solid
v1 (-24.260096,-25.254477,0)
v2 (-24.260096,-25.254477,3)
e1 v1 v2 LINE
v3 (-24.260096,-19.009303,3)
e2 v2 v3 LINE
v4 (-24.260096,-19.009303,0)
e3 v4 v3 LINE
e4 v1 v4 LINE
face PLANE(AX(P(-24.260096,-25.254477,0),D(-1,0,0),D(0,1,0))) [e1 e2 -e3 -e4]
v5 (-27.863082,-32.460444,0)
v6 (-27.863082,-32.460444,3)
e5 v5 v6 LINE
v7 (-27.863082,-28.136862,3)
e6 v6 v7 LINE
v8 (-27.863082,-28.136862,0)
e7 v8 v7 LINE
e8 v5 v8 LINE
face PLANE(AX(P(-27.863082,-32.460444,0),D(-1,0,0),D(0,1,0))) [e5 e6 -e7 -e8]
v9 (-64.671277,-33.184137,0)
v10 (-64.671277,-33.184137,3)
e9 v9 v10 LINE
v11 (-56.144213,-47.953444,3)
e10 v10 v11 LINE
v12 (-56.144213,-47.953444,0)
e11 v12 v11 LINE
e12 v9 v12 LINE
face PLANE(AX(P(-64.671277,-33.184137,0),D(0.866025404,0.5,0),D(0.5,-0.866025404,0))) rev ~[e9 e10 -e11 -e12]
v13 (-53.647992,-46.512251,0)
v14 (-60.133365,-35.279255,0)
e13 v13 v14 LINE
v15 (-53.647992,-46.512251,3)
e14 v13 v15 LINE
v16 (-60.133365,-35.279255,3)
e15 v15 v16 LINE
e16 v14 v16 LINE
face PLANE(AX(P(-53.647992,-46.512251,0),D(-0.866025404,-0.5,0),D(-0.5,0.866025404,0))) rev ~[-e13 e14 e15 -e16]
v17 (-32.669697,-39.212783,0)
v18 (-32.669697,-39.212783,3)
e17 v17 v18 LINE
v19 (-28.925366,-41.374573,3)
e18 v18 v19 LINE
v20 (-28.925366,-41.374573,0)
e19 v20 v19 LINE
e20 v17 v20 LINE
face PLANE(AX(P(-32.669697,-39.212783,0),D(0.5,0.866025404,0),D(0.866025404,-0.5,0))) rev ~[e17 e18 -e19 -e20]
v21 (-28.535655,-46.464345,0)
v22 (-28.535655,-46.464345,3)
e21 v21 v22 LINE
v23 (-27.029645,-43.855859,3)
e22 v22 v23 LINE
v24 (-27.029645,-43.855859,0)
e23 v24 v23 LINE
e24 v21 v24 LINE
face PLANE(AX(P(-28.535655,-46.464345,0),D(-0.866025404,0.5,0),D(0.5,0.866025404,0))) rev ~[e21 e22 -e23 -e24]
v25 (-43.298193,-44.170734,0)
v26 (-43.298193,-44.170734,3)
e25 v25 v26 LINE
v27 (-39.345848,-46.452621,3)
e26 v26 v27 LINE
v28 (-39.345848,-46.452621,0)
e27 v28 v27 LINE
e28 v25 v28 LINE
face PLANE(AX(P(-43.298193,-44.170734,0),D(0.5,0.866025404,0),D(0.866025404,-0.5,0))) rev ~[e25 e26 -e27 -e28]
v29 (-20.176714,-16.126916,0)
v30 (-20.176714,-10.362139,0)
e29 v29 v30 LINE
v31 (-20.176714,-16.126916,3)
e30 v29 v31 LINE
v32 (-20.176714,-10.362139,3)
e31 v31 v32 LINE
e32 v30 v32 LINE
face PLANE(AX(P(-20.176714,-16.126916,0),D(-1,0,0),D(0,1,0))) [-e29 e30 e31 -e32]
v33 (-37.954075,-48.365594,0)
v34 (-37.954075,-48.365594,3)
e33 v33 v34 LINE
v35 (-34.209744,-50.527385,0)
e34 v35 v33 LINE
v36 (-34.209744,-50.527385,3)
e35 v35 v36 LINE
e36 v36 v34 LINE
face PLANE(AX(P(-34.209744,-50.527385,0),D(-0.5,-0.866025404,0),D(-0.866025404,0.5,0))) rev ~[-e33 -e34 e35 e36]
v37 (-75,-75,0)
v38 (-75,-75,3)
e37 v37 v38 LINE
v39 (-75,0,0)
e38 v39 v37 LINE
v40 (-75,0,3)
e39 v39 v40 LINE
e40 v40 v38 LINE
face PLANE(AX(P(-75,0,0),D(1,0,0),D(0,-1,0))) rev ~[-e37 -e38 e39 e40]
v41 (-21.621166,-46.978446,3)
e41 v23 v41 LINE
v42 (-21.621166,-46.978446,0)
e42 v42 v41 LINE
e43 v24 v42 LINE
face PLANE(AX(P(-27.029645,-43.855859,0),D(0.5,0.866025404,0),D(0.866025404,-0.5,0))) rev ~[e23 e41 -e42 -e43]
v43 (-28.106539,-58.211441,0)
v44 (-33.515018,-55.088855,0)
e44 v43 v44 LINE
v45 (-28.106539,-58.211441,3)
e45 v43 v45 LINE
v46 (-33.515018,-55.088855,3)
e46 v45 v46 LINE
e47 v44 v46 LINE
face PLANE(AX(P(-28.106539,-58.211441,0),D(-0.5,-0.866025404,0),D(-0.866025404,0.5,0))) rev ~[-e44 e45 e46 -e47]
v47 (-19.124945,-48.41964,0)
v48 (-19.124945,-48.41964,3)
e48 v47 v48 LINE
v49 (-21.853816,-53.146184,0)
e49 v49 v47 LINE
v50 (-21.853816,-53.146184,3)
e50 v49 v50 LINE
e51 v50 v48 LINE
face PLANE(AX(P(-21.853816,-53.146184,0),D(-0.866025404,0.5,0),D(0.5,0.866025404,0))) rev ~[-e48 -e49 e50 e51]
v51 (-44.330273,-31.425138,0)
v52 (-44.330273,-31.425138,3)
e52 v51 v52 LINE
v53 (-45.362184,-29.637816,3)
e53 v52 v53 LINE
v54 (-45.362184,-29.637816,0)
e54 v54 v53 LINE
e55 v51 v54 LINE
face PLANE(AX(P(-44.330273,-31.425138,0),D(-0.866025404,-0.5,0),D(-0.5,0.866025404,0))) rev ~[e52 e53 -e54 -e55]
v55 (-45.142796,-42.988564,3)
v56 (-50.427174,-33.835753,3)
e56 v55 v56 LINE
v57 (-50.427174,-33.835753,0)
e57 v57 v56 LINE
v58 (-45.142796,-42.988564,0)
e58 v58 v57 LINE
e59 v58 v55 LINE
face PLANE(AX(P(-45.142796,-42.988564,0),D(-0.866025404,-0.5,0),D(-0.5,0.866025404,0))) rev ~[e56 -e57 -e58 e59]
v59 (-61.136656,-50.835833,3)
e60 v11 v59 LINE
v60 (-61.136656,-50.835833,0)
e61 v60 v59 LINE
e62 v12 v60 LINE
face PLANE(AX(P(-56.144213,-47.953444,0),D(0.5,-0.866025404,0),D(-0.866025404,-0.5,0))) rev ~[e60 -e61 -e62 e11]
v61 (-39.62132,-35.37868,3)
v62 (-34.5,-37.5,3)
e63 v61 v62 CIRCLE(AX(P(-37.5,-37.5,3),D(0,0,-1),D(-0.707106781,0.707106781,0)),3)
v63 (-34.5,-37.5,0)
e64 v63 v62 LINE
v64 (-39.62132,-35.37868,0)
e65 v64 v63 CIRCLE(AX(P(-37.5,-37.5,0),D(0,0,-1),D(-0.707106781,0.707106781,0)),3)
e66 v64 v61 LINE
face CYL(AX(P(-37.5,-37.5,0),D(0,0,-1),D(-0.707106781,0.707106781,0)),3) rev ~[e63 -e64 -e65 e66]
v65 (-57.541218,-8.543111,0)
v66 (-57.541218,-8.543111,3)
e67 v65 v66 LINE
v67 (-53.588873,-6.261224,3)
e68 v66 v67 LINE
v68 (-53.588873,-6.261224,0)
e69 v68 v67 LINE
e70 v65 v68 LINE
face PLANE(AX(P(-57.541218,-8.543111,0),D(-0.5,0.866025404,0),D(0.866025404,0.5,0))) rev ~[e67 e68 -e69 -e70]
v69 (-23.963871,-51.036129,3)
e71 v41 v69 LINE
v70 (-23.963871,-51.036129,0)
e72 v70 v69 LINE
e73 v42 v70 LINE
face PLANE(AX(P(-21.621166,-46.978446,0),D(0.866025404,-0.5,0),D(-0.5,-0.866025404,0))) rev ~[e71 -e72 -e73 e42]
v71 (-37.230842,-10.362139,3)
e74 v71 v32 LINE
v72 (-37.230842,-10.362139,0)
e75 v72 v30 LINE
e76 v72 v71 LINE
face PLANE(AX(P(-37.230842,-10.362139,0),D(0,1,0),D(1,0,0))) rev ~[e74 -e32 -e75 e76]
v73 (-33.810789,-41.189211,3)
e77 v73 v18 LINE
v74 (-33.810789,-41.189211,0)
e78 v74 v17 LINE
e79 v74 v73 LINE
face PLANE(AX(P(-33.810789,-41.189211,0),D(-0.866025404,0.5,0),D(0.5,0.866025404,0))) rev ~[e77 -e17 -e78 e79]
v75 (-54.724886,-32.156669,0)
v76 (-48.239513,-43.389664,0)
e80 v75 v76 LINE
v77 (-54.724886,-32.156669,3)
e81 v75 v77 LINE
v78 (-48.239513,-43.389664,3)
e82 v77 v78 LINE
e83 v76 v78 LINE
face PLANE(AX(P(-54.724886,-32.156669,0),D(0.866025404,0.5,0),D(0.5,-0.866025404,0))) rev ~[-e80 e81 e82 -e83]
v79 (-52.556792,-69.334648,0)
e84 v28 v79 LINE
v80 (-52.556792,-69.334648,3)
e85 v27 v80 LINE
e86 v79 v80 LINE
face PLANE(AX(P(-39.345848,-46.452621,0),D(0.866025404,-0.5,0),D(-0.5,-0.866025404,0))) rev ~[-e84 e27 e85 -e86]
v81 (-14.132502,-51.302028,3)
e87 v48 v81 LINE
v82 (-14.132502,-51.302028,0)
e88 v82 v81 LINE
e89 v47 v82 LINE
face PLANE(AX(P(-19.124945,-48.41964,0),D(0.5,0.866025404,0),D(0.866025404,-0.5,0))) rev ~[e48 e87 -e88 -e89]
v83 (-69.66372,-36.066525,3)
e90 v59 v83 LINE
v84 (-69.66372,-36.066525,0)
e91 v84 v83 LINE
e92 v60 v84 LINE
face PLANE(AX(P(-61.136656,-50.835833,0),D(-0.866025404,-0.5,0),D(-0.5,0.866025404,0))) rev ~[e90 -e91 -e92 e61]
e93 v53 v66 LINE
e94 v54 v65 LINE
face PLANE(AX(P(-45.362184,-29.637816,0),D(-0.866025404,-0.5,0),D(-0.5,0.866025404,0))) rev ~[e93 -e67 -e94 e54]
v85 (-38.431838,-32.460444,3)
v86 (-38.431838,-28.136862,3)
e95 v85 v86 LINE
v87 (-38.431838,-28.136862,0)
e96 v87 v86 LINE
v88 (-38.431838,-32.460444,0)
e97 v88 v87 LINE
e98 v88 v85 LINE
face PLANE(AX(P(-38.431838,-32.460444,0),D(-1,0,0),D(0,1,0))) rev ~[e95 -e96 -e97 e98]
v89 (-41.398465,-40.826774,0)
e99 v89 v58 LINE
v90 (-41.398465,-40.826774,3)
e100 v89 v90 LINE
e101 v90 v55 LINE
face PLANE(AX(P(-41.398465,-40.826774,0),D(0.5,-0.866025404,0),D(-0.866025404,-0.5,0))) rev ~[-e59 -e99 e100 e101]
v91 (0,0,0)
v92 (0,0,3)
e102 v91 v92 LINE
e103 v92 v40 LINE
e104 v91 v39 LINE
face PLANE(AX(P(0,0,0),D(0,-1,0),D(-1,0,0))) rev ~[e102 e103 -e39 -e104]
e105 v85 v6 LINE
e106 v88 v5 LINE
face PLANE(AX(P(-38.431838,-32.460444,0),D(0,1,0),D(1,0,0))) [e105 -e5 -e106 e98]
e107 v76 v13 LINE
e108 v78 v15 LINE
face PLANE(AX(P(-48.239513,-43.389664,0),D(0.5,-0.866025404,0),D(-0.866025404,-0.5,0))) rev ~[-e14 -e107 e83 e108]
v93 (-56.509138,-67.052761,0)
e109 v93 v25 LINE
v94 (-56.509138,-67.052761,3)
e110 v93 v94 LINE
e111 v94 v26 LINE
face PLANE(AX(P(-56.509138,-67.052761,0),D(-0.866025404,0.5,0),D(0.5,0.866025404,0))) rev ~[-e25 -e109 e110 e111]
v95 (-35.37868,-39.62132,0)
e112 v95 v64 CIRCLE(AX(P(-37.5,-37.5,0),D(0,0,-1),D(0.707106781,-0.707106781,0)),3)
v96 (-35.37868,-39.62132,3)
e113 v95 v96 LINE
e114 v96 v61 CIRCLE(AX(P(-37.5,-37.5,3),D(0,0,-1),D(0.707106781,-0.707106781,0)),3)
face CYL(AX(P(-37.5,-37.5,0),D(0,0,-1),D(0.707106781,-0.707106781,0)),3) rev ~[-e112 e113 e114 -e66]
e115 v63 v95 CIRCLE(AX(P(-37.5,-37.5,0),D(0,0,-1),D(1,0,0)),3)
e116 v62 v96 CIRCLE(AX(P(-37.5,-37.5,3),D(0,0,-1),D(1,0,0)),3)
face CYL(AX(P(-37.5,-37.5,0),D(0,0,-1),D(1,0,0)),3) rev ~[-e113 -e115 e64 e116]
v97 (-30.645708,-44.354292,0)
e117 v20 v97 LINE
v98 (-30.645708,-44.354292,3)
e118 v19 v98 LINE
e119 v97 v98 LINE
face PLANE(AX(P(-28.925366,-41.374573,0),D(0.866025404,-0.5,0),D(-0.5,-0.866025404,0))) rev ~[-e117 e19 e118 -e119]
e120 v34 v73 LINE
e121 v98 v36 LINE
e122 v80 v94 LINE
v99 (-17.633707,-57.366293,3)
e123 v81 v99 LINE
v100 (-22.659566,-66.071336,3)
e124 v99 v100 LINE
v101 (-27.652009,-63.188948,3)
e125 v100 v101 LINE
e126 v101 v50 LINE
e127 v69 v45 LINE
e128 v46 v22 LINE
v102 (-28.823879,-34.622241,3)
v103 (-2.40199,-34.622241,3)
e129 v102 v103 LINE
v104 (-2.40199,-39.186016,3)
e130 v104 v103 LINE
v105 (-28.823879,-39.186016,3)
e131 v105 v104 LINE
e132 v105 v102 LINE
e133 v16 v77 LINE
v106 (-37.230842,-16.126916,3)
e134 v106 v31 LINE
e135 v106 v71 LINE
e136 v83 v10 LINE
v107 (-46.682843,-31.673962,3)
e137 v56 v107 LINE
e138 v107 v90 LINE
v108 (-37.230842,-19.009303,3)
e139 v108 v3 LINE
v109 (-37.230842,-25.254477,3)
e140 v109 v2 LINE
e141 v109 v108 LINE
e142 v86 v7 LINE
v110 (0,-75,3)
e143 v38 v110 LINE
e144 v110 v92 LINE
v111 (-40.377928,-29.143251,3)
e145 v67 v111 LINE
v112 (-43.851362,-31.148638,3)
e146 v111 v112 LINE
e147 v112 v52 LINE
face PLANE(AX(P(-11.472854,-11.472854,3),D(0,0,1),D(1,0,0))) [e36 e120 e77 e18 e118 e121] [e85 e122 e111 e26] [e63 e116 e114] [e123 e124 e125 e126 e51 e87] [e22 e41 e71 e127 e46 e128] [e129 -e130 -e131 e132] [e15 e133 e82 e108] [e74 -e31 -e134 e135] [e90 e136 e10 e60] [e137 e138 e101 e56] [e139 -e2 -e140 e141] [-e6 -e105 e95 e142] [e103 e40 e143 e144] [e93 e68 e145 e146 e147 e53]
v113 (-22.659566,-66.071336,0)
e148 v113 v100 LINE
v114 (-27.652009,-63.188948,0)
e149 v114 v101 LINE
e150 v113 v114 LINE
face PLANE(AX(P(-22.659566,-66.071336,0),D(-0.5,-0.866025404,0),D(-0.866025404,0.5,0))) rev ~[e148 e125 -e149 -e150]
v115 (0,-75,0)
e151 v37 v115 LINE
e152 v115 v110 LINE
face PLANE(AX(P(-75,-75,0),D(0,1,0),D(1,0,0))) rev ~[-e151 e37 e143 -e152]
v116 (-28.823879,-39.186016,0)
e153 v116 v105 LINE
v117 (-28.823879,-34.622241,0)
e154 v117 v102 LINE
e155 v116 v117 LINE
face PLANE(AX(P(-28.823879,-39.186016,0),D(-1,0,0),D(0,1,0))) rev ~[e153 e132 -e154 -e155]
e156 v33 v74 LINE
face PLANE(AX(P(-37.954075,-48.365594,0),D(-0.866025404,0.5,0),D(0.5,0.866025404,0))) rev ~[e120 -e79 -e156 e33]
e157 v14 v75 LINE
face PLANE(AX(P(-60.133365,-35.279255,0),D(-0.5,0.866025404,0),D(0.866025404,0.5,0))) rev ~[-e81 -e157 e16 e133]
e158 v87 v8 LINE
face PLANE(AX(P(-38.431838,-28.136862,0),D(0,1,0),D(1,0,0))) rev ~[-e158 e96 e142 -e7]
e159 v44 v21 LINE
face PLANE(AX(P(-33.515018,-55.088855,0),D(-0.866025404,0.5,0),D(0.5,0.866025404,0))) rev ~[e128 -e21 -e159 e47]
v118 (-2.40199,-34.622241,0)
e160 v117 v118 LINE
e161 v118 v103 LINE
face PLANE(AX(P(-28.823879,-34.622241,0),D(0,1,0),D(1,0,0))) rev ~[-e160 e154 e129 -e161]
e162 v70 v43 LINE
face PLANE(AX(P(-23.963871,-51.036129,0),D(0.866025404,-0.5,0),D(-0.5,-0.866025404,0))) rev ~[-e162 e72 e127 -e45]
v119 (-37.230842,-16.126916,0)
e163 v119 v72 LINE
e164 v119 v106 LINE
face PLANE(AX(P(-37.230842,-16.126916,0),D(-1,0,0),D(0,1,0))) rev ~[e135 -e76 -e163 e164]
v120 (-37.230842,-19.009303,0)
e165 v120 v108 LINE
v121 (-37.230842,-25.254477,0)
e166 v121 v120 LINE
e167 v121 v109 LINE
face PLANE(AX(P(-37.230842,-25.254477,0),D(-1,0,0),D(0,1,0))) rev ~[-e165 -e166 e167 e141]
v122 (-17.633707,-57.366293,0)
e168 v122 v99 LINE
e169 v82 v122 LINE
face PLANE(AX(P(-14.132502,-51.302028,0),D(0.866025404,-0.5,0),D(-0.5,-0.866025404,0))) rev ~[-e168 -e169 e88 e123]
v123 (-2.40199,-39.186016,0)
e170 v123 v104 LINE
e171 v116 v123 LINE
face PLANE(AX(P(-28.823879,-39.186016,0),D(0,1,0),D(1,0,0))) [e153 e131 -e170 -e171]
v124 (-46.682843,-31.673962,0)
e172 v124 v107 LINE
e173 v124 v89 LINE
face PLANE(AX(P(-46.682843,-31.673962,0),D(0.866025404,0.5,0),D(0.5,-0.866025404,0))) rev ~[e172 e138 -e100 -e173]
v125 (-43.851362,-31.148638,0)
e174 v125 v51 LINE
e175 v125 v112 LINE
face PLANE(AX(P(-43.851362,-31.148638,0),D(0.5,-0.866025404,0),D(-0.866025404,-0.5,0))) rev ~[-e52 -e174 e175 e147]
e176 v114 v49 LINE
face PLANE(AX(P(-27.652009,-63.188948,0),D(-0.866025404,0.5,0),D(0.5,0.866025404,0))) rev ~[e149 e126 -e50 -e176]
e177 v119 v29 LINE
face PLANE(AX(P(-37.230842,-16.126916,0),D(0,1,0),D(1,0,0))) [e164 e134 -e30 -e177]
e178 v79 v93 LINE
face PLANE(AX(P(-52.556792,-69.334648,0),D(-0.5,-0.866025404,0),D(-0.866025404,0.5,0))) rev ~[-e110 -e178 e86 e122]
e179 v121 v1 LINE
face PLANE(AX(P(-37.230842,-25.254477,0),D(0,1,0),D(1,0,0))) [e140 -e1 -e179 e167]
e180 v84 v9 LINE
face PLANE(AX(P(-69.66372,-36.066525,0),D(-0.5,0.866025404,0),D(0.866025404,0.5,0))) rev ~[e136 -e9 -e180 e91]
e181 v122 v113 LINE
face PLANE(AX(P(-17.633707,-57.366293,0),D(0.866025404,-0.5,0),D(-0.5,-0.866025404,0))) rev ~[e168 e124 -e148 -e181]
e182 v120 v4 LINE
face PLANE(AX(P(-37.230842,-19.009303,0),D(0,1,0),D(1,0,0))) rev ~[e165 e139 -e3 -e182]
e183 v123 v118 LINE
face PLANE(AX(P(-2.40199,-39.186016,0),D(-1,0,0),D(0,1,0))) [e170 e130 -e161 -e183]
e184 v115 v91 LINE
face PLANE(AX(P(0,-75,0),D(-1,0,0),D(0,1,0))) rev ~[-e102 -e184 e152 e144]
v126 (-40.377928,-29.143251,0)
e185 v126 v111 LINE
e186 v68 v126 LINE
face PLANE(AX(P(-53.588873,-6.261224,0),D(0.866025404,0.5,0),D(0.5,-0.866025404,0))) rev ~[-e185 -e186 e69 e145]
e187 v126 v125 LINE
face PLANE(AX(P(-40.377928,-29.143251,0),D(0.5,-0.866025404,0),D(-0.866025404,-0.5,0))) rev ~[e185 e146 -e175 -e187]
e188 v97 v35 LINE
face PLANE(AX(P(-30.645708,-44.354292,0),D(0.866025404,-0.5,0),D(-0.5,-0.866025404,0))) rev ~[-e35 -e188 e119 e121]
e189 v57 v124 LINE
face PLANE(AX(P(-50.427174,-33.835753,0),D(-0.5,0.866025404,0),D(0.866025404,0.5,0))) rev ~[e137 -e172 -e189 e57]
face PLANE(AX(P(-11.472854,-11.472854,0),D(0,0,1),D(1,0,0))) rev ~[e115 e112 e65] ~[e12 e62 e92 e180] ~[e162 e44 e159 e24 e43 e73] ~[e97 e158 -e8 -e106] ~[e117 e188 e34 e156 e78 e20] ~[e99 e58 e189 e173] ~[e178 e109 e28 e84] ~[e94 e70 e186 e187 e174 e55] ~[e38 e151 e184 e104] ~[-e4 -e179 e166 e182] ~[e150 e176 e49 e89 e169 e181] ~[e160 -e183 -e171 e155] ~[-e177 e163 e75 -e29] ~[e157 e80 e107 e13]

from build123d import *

# Parameters (mm, degrees)
F1_W     = 10.5687566102
F1_H     = 4.3235812336
F1_W_2   = 12.9707455635
F1_H_2   = 6.2451735139
F1_W_3   = 26.4218887314
F1_H_3   = 4.5637749135
F1_W_4   = 17.0541275293
F1_H_4   = 5.7647768408
F2_DEPTH = 3


with BuildPart() as f2:
    # F1 (on face) → F2 (new body)
    with BuildSketch(Plane.XY):
        with BuildLine():
            Line((0, -37.5), (0, 0))
            Line((0, 0), (-37.5, 0))
            ThreePointArc((-37.5, 0), (-10.9834957055, -10.9834957055), (0, -37.5))
        make_face()
        with BuildLine():
            ThreePointArc((-64.0165042945, -10.9834957055), (-51.8506287137, -2.8545175308), (-37.5, 0))
            Line((-37.5, 0), (-75, 0))
            Line((-75, 0), (-64.0165042945, -10.9834957055))
        make_face()
        with BuildLine():
            ThreePointArc((0, -37.5), (-10.9834957055, -10.9834957055), (-37.5, 0))
            ThreePointArc((-37.5, 0), (-51.8506287137, -2.8545175308), (-64.0165042945, -10.9834957055))
            Line((-64.0165042945, -10.9834957055), (-45.3621843147, -29.6378156853))
            Line((-45.3621843147, -29.6378156853), (-57.5412176208, -8.5431112121))
            Line((-57.5412176208, -8.5431112121), (-53.5888726085, -6.2612237553))
            Line((-53.5888726085, -6.2612237553), (-40.3779282428, -29.1432506127))
            Line((-40.3779282428, -29.1432506127), (-43.8513616657, -31.1486383343))
            Line((-43.8513616657, -31.1486383343), (-39.6213203436, -35.3786796564))
            ThreePointArc((-39.6213203436, -35.3786796564), (-36.3519497029, -34.7283614025), (-34.5, -37.5))
            ThreePointArc((-34.5, -37.5), (-34.7283614025, -38.6480502971), (-35.3786796564, -39.6213203436))
            Line((-35.3786796564, -39.6213203436), (-33.8107887229, -41.1892112771))
            Line((-33.8107887229, -41.1892112771), (-32.6696971218, -39.212782648))
            Line((-32.6696971218, -39.212782648), (-28.9253659382, -41.3745732648))
            Line((-28.9253659382, -41.3745732648), (-30.6457075892, -44.3542924108))
            Line((-30.6457075892, -44.3542924108), (-28.5356548637, -46.4643451363))
            Line((-28.5356548637, -46.4643451363), (-27.0296449318, -43.8558594177))
            Line((-27.0296449318, -43.8558594177), (-21.6211660178, -46.9784461747))
            Line((-21.6211660178, -46.9784461747), (-23.9638705494, -51.0361294506))
            Line((-23.9638705494, -51.0361294506), (-21.8538164603, -53.1461835397))
            Line((-21.8538164603, -53.1461835397), (-19.1249452287, -48.4196399192))
            Line((-19.1249452287, -48.4196399192), (-14.1325020374, -51.3020283396))
            Line((-14.1325020374, -51.3020283396), (-17.6337069185, -57.3662930815))
            Line((-17.6337069185, -57.3662930815), (-10.9834957055, -64.0165042945))
            ThreePointArc((-10.9834957055, -64.0165042945), (-2.8545175308, -51.8506287137), (0, -37.5))
        make_face()
        with Locations((-33.1474598497, -30.2986530587)):
            Rectangle(F1_W, F1_H, mode=Mode.SUBTRACT)
        with Locations((-30.7454690337, -22.1318900585)):
            Rectangle(F1_W_2, F1_H_2, mode=Mode.SUBTRACT)
        with Locations((-15.6129342504, -36.9041282684)):
            Rectangle(F1_W_3, F1_H_3, mode=Mode.SUBTRACT)
        with Locations((-28.7037780508, -13.2445273921)):
            Rectangle(F1_W_4, F1_H_4, mode=Mode.SUBTRACT)
        with BuildLine():
            Line((0, -75), (0, -37.5))
            ThreePointArc((0, -37.5), (-2.8545175308, -51.8506287137), (-10.9834957055, -64.0165042945))
            Line((-10.9834957055, -64.0165042945), (0, -75))
        make_face()
        with BuildLine():
            Line((-64.0165042945, -10.9834957055), (-75, 0))
            Line((-75, 0), (-75, -37.5))
            ThreePointArc((-75, -37.5), (-72.1454824692, -23.1493712863), (-64.0165042945, -10.9834957055))
        make_face()
        with BuildLine():
            Line((-45.3621843147, -29.6378156853), (-64.0165042945, -10.9834957055))
            ThreePointArc((-64.0165042945, -10.9834957055), (-72.1454824692, -23.1493712863), (-75, -37.5))
            ThreePointArc((-75, -37.5), (-64.0165042945, -64.0165042945), (-37.5, -75))
            ThreePointArc((-37.5, -75), (-23.1493712863, -72.1454824692), (-10.9834957055, -64.0165042945))
            Line((-10.9834957055, -64.0165042945), (-17.6337069185, -57.3662930815))
            Line((-17.6337069185, -57.3662930815), (-22.659565802, -66.0713360193))
            Line((-22.659565802, -66.0713360193), (-27.6520089933, -63.1889475989))
            Line((-27.6520089933, -63.1889475989), (-21.8538164603, -53.1461835397))
            Line((-21.8538164603, -53.1461835397), (-23.9638705494, -51.0361294506))
            Line((-23.9638705494, -51.0361294506), (-28.1065387995, -58.2114413387))
            Line((-28.1065387995, -58.2114413387), (-33.5150177136, -55.0888545817))
            Line((-33.5150177136, -55.0888545817), (-28.5356548637, -46.4643451363))
            Line((-28.5356548637, -46.4643451363), (-30.6457075892, -44.3542924108))
            Line((-30.6457075892, -44.3542924108), (-34.2097442432, -50.5273849756))
            Line((-34.2097442432, -50.5273849756), (-37.9540754269, -48.3655943588))
            Line((-37.9540754269, -48.3655943588), (-33.8107887229, -41.1892112771))
            Line((-33.8107887229, -41.1892112771), (-35.3786796564, -39.6213203436))
            ThreePointArc((-35.3786796564, -39.6213203436), (-39.6213203436, -39.6213203436), (-39.6213203436, -35.3786796564))
            Line((-39.6213203436, -35.3786796564), (-43.8513616657, -31.1486383343))
            Line((-43.8513616657, -31.1486383343), (-44.3302732551, -31.4251380694))
            Line((-44.3302732551, -31.4251380694), (-45.3621843147, -29.6378156853))
        make_face()
        Polygon((-43.2981931411, -44.1707336622), (-39.3458481288, -46.452621119), (-52.5567924945, -69.3346479764), (-56.5091375068, -67.0527605196), align=None, mode=Mode.SUBTRACT)
        Polygon((-56.1442129559, -47.9534442683), (-61.1366561472, -50.8358326887), (-69.6637199118, -36.066525009), (-64.6712767205, -33.1841365886), align=None, mode=Mode.SUBTRACT)
        Polygon((-48.2395132527, -43.3896637668), (-53.6479921668, -46.5122505238), (-60.1333649485, -35.2792553598), (-54.7248860345, -32.1566686028), align=None, mode=Mode.SUBTRACT)
        Polygon((-41.3984647234, -40.8267736765), (-45.142795907, -42.9885642933), (-50.4271742121, -33.8357525825), (-46.6828430285, -31.6739619657), align=None, mode=Mode.SUBTRACT)
        with BuildLine():
            Line((-37.5, -75), (0, -75))
            Line((0, -75), (-10.9834957055, -64.0165042945))
            ThreePointArc((-10.9834957055, -64.0165042945), (-23.1493712863, -72.1454824692), (-37.5, -75))
        make_face()
        with BuildLine():
            ThreePointArc((-37.5, -75), (-64.0165042945, -64.0165042945), (-75, -37.5))
            Line((-75, -37.5), (-75, -75))
            Line((-75, -75), (-37.5, -75))
        make_face()
    extrude(amount=F2_DEPTH)


solid = f2.part
